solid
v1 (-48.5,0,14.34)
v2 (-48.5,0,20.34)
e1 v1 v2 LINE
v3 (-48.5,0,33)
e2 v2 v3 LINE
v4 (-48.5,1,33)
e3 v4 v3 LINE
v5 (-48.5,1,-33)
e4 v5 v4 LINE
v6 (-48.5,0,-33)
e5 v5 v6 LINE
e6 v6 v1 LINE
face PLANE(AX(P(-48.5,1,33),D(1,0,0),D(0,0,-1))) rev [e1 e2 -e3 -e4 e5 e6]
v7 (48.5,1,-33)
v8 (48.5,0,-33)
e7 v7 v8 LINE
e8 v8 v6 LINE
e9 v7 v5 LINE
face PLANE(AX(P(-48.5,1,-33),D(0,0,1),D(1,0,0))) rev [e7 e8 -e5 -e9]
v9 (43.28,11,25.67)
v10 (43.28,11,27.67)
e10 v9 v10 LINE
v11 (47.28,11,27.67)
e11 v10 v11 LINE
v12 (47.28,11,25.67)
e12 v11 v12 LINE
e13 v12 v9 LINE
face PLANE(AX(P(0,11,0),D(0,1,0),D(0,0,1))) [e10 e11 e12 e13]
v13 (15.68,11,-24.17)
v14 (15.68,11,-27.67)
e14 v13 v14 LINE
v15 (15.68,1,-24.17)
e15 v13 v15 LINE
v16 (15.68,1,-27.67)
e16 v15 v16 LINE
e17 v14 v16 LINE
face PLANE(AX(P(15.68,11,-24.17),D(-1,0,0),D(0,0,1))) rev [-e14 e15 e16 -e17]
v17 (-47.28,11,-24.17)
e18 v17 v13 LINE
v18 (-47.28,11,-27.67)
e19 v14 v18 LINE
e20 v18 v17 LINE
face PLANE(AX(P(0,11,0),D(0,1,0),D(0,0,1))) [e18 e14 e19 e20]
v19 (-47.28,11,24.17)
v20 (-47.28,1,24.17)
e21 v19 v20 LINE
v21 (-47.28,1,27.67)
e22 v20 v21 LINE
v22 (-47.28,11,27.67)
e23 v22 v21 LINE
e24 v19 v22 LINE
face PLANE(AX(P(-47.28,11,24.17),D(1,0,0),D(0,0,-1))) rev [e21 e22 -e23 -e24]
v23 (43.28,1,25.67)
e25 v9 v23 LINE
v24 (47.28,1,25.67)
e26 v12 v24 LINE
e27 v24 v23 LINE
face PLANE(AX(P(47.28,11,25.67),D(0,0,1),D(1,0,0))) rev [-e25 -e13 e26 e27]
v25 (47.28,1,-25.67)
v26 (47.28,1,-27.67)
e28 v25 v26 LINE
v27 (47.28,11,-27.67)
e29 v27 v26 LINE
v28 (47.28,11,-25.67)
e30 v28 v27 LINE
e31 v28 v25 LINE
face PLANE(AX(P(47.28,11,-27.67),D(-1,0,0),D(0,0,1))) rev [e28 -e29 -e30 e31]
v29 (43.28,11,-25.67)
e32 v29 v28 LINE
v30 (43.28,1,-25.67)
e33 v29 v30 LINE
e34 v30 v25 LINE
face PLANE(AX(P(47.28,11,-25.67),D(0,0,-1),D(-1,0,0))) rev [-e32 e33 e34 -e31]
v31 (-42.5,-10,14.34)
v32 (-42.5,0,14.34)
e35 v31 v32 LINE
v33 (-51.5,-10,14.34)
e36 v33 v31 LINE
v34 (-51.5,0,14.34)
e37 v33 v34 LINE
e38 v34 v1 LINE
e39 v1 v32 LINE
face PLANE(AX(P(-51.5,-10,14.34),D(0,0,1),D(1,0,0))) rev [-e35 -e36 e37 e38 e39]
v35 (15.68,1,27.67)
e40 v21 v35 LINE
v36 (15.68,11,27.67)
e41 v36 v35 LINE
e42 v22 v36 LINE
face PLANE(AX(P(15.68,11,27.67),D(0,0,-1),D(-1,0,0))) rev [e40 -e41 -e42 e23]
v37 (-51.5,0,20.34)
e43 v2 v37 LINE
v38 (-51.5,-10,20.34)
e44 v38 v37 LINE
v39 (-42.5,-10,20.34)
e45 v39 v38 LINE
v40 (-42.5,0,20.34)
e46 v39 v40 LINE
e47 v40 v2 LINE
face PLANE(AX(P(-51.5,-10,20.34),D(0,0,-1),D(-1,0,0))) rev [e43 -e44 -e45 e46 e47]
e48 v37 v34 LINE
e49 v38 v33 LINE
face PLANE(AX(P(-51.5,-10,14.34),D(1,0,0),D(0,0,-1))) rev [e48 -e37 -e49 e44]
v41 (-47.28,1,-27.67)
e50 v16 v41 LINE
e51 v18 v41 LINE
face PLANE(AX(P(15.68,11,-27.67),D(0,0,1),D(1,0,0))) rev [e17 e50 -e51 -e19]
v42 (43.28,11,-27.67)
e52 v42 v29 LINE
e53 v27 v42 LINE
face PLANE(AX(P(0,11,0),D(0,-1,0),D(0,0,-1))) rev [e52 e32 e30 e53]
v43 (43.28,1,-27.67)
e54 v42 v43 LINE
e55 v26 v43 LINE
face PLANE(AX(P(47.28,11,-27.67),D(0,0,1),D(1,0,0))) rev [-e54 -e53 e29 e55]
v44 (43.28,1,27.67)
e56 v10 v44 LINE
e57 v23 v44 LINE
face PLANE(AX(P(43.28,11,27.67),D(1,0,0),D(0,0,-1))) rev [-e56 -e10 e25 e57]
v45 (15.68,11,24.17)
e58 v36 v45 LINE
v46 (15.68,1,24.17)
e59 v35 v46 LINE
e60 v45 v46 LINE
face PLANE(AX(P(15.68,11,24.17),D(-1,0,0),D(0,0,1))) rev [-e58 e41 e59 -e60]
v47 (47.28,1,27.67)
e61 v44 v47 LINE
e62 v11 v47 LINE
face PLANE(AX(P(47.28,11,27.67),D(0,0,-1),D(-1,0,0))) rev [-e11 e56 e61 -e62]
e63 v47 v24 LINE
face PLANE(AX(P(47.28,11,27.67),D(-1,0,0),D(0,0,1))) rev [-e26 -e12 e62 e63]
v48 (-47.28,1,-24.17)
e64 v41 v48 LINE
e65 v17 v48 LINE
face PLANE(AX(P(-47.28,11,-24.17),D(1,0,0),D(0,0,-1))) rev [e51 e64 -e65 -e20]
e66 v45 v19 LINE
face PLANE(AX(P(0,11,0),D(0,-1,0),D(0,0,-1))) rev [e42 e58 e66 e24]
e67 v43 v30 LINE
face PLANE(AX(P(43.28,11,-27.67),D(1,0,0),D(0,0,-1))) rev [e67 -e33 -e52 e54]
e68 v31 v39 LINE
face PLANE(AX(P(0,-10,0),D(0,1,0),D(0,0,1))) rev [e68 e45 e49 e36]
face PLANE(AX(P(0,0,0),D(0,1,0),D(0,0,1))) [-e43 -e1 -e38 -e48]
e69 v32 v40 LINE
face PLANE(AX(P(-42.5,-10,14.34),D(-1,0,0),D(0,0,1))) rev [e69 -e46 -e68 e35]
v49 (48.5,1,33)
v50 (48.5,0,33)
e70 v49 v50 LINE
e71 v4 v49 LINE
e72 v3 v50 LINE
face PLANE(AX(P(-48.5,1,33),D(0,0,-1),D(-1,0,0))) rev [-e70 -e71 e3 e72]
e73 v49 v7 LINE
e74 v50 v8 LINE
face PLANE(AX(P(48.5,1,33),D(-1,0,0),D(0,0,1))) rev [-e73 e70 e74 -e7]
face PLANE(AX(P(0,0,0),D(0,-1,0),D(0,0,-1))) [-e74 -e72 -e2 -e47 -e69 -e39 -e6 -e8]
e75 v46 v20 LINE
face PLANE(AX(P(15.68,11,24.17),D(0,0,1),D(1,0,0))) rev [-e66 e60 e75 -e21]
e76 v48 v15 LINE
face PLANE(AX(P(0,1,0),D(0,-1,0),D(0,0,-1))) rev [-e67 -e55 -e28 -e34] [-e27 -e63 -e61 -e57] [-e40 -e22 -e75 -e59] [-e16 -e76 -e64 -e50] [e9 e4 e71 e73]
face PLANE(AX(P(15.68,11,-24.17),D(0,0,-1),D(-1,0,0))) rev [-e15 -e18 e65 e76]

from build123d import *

# Parameters (mm, degrees)
SKETCH2_W           = 97
SKETCH2_H           = 66
BOSS_EXTRUDE2_DEPTH = 1
SKETCH3_W           = 62.96
SKETCH3_H           = 3.5
BOSS_EXTRUDE3_DEPTH = 10
SKETCH4_W           = 9
SKETCH4_H           = 6
BOSS_EXTRUDE4_DEPTH = 10
SKETCH5_W           = 4
SKETCH5_H           = 2
BOSS_EXTRUDE5_DEPTH = 10


with BuildPart() as part:
    # Sketch2 → Boss-Extrude2 (new body)
    with BuildSketch(Plane(origin=(0, 0, 0), x_dir=(1, 0, 0), z_dir=(0, 1, 0))):
        Rectangle(SKETCH2_W, SKETCH2_H)
    extrude(amount=BOSS_EXTRUDE2_DEPTH)

    # Sketch3 → Boss-Extrude3 (add)
    with BuildSketch(Plane(origin=(0, 1, 0), x_dir=(1, 0, 0), z_dir=(0, 1, 0))):
        with Locations((-15.8, 25.92)):
            Rectangle(SKETCH3_W, SKETCH3_H)
        with Locations((-15.8, -25.92)):
            Rectangle(SKETCH3_W, SKETCH3_H)
    extrude(amount=BOSS_EXTRUDE3_DEPTH)

    # Sketch4 → Boss-Extrude4 (add)
    with BuildSketch(Plane.XZ):
        with Locations((-47, 17.34)):
            Rectangle(SKETCH4_W, SKETCH4_H)
    extrude(amount=BOSS_EXTRUDE4_DEPTH)

    # Sketch5 → Boss-Extrude5 (add)
    with BuildSketch(Plane(origin=(0, 1, 0), x_dir=(1, 0, 0), z_dir=(0, 1, 0))):
        with Locations((45.28, 26.67)):
            Rectangle(SKETCH5_W, SKETCH5_H)
        with Locations((45.28, -26.67)):
            Rectangle(SKETCH5_W, SKETCH5_H)
    extrude(amount=BOSS_EXTRUDE5_DEPTH)


solid = part.part
